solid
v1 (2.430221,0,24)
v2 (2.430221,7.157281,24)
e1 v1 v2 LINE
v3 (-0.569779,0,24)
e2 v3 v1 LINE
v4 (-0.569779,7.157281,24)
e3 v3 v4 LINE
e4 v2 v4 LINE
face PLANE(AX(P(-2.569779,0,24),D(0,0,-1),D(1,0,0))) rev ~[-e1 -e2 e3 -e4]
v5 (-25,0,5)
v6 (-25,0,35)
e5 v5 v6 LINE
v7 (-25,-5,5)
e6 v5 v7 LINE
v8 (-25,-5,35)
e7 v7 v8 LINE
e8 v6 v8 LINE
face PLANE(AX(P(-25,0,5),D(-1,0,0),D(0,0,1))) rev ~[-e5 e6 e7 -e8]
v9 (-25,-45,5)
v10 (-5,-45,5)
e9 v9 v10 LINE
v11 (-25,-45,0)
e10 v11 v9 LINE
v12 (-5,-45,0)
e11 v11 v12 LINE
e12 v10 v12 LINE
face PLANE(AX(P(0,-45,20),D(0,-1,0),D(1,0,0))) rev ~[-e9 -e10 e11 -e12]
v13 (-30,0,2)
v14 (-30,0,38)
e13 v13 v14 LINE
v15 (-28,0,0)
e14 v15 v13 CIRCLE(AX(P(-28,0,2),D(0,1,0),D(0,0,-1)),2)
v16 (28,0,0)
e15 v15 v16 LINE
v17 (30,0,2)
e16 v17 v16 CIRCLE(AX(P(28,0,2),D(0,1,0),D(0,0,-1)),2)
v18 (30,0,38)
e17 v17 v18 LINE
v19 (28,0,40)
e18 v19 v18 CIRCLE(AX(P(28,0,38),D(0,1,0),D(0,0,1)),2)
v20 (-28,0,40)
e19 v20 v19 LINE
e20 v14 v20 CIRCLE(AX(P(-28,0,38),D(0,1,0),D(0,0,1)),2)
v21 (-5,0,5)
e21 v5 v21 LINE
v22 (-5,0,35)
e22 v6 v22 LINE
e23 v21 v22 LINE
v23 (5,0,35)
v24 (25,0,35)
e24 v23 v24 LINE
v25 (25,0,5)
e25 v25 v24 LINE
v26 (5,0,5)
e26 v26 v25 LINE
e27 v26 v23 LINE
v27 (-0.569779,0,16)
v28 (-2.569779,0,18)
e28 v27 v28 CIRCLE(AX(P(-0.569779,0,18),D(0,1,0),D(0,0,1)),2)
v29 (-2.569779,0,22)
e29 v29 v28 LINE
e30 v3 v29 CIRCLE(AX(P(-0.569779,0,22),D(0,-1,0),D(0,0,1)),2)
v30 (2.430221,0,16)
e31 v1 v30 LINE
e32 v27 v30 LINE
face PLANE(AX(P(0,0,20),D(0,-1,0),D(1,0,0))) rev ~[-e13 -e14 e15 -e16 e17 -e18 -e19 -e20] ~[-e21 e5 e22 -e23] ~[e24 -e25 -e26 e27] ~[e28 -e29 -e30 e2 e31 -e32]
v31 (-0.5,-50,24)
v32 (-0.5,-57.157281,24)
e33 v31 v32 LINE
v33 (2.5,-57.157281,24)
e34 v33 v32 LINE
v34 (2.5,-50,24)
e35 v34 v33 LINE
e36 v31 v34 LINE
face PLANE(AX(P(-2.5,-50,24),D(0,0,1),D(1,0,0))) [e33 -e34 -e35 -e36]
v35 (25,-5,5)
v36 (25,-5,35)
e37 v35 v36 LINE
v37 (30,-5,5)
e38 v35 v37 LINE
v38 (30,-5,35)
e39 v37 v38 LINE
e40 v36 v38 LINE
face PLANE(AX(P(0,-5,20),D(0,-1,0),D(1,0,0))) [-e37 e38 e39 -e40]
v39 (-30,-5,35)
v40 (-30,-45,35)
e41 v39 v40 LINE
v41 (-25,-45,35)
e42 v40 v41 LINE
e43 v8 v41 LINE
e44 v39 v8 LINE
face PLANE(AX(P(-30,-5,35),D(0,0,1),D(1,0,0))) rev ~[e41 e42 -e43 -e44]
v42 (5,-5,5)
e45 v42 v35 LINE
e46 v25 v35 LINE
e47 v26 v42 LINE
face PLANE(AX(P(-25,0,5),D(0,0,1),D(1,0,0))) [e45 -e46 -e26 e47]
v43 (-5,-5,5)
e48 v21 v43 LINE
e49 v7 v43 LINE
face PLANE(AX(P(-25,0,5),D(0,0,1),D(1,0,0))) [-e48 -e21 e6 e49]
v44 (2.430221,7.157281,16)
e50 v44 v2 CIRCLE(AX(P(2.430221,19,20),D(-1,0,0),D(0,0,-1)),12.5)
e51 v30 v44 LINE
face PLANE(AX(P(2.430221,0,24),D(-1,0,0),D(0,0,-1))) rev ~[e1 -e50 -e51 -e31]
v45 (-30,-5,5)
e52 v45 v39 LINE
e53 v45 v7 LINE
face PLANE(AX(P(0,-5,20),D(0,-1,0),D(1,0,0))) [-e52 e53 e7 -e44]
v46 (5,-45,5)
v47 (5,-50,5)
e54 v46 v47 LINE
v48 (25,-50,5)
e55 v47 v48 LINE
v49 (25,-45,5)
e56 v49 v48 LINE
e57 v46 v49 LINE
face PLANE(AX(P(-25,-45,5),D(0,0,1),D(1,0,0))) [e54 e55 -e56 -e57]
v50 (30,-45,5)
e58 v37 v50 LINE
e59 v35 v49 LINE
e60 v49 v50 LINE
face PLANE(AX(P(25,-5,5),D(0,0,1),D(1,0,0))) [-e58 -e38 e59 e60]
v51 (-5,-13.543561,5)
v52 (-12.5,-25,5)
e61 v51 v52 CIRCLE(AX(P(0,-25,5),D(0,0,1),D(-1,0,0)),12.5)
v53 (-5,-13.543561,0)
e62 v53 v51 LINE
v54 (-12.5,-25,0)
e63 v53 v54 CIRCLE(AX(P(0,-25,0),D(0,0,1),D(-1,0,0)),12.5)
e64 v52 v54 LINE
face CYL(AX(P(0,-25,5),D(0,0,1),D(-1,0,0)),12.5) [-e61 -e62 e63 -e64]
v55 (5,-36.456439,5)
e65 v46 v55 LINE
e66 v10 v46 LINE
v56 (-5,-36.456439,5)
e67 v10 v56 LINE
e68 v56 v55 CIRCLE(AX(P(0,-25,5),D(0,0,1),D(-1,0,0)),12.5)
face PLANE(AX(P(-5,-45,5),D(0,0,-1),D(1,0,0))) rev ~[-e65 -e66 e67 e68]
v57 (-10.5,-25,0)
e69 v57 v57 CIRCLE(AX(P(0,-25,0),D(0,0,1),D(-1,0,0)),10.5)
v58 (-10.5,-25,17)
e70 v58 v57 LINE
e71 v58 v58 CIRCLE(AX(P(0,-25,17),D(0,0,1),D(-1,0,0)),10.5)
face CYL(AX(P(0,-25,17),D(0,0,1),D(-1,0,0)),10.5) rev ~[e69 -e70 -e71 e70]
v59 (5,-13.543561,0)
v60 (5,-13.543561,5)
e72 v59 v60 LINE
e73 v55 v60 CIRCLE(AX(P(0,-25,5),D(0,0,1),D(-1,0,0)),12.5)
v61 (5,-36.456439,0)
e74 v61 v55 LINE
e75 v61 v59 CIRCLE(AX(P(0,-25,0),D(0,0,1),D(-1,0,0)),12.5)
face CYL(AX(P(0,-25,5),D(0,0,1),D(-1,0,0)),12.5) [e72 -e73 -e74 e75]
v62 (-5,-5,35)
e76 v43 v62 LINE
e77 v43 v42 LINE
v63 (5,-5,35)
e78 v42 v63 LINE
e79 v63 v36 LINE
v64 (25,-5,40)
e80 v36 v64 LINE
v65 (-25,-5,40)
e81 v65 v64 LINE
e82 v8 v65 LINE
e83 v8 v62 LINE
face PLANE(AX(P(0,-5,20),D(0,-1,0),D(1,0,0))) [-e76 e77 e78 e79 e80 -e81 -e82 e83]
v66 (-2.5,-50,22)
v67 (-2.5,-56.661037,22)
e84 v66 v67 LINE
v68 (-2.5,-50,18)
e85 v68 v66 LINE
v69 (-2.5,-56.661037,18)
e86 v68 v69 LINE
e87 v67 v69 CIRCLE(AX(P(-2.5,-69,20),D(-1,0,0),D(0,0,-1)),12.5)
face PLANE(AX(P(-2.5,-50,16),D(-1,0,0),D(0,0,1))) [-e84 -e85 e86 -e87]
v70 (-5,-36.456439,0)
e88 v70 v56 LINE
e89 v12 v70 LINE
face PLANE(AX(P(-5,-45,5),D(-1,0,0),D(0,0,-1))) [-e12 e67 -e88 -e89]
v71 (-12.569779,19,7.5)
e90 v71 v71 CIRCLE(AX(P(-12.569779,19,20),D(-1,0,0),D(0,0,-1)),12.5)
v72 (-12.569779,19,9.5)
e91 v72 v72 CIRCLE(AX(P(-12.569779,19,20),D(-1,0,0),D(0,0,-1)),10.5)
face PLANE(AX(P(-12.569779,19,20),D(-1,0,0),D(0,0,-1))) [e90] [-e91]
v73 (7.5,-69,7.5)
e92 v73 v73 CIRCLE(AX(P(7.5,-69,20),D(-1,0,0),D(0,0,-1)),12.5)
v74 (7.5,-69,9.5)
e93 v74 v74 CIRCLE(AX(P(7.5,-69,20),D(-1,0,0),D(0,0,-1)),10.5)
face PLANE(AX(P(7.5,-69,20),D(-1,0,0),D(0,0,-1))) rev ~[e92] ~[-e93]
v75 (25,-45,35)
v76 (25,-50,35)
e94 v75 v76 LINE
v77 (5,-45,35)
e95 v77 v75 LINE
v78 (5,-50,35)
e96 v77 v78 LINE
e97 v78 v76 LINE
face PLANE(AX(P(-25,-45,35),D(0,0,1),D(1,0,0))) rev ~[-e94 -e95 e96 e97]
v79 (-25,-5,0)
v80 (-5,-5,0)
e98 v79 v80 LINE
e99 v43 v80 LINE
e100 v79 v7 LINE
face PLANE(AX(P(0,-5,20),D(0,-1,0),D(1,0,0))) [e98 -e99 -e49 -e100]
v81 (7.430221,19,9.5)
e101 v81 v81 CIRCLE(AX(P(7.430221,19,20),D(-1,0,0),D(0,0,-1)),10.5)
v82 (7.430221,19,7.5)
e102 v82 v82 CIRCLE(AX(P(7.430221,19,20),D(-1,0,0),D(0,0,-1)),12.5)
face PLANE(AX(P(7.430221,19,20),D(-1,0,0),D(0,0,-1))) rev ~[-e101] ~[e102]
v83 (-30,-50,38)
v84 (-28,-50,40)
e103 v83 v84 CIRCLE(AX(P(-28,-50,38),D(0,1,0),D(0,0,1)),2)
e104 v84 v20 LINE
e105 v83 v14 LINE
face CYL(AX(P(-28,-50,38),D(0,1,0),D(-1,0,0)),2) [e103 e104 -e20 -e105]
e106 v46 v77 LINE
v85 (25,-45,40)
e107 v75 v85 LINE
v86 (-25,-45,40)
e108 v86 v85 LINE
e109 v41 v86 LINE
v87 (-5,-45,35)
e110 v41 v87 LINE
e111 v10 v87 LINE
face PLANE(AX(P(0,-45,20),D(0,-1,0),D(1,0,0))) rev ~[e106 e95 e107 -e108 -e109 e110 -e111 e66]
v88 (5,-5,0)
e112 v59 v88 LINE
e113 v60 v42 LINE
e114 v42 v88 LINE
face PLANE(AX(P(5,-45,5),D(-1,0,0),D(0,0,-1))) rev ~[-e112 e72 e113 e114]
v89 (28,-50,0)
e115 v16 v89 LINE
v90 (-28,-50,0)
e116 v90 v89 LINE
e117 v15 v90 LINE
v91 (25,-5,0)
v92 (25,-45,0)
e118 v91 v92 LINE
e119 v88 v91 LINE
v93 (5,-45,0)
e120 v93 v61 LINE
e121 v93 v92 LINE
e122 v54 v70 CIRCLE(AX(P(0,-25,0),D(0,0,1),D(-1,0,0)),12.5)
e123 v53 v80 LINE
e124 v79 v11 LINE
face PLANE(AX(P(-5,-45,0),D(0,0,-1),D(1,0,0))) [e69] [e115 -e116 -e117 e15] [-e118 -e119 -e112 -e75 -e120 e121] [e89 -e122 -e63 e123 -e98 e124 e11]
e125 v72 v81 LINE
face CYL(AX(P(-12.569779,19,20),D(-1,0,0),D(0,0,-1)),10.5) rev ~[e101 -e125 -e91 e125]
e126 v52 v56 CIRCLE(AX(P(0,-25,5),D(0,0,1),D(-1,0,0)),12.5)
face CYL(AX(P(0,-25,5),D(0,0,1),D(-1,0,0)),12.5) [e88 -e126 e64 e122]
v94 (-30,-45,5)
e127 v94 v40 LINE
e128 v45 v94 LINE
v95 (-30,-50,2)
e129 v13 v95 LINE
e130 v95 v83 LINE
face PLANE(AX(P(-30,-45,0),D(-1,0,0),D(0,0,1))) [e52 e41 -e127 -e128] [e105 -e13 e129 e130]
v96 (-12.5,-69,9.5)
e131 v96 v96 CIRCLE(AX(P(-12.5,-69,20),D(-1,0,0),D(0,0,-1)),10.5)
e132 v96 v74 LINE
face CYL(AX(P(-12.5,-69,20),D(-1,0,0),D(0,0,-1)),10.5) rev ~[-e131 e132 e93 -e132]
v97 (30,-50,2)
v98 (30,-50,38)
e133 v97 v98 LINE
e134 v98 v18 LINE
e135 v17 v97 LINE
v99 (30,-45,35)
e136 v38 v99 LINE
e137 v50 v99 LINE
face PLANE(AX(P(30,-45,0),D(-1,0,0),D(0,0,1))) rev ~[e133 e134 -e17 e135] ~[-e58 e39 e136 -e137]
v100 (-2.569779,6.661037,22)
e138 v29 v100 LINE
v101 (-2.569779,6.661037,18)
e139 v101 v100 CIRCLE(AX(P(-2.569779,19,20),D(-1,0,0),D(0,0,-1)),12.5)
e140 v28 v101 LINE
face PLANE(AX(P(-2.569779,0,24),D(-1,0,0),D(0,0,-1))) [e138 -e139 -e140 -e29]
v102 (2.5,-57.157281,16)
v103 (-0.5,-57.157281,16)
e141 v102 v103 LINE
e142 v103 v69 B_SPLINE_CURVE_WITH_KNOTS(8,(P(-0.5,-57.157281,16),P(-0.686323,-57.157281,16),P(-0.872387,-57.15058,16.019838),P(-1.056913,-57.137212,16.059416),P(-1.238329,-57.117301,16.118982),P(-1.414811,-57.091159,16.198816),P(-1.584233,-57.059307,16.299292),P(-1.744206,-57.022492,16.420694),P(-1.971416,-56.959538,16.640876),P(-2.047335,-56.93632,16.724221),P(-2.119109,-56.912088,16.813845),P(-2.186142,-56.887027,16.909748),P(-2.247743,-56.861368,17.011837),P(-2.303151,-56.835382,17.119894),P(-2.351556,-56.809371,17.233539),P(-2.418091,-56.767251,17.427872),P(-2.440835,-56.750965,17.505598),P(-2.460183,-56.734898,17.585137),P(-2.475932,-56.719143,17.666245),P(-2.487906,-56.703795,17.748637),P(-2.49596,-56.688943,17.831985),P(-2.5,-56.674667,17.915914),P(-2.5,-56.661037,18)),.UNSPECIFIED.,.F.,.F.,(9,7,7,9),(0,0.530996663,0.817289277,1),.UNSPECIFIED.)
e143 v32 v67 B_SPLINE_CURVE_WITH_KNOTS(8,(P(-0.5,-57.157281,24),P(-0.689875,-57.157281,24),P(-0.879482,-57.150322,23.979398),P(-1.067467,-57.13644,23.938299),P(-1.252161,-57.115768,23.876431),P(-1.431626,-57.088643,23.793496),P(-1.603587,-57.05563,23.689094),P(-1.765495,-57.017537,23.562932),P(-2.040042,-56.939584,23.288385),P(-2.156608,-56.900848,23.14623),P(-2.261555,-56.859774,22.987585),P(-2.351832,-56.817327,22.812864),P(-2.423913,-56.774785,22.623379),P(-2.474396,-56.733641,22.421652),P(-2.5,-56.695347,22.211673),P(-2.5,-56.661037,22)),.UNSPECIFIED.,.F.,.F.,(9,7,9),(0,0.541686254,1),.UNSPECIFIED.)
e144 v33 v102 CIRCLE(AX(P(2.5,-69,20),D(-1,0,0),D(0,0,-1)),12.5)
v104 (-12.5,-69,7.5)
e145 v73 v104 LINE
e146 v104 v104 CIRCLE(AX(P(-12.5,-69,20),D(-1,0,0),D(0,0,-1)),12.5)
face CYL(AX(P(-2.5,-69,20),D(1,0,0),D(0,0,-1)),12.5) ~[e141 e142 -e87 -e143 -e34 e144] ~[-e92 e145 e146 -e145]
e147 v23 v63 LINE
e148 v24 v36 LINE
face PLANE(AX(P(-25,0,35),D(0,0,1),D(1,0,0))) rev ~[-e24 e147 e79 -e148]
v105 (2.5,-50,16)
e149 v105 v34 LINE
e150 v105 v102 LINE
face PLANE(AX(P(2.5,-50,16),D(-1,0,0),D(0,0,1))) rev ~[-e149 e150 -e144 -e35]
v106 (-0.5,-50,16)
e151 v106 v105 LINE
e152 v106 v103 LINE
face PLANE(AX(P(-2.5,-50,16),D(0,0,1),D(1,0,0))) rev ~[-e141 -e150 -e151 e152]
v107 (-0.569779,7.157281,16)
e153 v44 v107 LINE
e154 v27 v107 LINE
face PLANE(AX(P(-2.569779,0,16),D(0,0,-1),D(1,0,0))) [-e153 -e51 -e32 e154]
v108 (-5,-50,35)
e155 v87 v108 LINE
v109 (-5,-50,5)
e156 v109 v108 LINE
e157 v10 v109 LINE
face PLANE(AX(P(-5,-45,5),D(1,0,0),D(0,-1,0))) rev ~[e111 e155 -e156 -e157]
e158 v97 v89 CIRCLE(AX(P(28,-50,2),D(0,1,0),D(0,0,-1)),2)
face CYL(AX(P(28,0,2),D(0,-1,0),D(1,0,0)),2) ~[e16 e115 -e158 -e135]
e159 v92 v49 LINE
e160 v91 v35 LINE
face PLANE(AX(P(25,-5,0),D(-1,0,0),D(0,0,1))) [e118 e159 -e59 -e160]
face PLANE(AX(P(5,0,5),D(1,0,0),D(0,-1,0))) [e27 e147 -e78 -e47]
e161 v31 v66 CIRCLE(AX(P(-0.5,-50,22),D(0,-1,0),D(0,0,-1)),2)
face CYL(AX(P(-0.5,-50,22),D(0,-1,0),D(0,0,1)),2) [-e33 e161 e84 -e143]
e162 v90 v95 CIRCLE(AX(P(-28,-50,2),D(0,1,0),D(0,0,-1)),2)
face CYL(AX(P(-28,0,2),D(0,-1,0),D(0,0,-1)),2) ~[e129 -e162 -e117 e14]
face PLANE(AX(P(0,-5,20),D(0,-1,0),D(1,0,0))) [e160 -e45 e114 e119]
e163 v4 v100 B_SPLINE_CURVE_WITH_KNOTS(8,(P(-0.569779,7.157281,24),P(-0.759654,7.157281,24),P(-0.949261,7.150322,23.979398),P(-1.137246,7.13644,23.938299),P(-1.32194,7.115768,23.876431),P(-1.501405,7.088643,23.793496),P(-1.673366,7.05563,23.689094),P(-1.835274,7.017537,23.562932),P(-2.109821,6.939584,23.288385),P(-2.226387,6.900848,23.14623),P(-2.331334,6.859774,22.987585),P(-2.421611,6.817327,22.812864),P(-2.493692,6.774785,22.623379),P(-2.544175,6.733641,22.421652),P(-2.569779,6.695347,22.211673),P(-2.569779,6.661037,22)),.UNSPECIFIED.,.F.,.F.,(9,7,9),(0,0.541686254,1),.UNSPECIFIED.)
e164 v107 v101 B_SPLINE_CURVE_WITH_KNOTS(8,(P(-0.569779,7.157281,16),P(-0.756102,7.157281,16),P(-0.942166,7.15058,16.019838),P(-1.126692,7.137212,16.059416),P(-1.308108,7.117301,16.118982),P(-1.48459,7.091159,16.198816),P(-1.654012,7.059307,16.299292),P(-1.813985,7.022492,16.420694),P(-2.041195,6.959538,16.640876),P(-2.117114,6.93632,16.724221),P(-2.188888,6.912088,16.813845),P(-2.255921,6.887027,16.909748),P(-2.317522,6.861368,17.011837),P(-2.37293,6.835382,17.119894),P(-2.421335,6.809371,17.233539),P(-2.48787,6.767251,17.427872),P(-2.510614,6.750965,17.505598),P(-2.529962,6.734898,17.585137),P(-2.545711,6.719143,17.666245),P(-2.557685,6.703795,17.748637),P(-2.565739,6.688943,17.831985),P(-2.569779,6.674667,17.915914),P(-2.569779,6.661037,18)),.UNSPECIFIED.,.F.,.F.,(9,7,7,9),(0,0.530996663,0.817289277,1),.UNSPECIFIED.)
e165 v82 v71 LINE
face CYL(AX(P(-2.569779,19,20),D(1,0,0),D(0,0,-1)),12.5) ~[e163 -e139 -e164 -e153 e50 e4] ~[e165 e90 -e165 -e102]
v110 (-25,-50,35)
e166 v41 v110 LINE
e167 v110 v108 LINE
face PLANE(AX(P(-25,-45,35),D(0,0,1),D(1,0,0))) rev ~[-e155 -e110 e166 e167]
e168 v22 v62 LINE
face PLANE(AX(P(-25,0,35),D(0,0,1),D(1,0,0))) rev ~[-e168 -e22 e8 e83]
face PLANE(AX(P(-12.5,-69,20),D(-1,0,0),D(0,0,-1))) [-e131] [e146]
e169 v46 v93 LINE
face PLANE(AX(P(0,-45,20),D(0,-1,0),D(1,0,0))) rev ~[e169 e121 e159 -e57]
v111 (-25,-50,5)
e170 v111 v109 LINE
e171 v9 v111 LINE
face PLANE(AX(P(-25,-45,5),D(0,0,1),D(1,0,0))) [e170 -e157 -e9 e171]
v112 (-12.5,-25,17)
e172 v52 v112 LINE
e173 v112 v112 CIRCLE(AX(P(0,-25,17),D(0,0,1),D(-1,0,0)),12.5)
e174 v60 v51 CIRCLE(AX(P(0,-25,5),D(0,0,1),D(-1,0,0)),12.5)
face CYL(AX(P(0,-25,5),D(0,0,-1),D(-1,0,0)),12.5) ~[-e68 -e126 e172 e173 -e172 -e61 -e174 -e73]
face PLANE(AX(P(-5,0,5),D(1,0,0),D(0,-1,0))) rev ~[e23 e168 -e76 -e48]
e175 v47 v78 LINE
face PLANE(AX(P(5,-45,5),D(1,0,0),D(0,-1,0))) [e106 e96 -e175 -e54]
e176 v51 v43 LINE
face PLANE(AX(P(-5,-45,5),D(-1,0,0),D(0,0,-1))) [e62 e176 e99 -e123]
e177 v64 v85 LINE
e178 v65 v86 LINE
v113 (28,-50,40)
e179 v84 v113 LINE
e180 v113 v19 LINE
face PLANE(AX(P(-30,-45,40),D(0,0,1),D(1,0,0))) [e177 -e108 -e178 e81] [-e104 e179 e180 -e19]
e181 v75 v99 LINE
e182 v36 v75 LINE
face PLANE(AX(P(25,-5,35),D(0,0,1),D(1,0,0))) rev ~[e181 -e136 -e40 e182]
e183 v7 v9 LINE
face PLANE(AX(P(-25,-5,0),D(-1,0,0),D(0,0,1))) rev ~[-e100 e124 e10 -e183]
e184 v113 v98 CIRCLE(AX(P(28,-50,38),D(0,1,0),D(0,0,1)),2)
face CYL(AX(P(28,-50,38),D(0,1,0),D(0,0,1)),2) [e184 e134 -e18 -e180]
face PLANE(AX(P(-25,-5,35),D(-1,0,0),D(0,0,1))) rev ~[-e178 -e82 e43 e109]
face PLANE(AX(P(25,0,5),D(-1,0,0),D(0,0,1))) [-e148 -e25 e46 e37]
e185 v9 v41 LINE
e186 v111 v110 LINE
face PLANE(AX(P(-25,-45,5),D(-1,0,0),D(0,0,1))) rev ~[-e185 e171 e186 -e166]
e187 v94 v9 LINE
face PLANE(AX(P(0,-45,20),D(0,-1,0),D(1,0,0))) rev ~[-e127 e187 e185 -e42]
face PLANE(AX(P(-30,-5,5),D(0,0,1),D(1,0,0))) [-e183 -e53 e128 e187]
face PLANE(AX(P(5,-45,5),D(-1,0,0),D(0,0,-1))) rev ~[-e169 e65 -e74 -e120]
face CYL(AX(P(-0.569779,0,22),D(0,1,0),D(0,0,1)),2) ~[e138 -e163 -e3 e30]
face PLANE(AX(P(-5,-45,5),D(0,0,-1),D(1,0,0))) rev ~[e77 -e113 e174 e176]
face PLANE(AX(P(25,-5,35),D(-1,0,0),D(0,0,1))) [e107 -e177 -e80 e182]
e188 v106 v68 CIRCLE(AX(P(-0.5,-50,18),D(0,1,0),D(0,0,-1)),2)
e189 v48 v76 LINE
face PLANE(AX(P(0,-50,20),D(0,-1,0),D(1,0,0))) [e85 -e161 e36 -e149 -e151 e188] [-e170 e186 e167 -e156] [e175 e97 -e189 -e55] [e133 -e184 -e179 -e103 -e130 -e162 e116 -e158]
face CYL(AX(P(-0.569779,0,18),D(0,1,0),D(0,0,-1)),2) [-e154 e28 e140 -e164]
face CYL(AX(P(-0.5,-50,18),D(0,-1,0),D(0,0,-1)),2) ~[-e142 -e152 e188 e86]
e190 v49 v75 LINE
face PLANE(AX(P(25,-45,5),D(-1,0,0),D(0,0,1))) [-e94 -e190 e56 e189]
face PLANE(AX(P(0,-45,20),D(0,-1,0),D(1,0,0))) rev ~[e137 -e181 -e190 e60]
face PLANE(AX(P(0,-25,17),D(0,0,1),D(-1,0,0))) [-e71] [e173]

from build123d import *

# Parameters (mm, degrees)
SKETCH_W          = 60
SKETCH_H          = 40
SKETCH_W_2        = 50
SKETCH_H_2        = 30
PAD_DEPTH         = 5
SKETCH001_W       = 5
SKETCH001_H       = 5
PAD001_DEPTH      = 40
SKETCH002_W       = 60
SKETCH002_H       = 40
SKETCH002_W_2     = 50
SKETCH002_H_2     = 30
PAD002_DEPTH      = 5
SKETCH003_W       = 10
SKETCH003_H       = 5
PAD003_DEPTH      = 30
SKETCH004_W       = 5
SKETCH004_H       = 8
PAD004_DEPTH      = 10
SKETCH005_R       = 12.5
PAD005_DEPTH      = 10
PAD005_DEPTH_BACK = 10
SKETCH006_R       = 10.5
POCKET_DEPTH      = 42.501
SKETCH007_W       = 5
SKETCH007_H       = 8
PAD006_DEPTH      = 10
SKETCH008_R       = 12.5
PAD007_DEPTH      = 10
PAD007_DEPTH_BACK = 10
SKETCH009_R       = 10.5
POCKET001_DEPTH   = 42.570779
SKETCH010_W       = 10
SKETCH010_H       = 5
PAD008_DEPTH      = 40
SKETCH011_R       = 12.5
PAD009_DEPTH      = 12
PAD009_DEPTH_BACK = 5
SKETCH012_R       = 10.5
POCKET002_DEPTH   = 17.001
FILLET_R          = 2
FILLET001_R       = 2
FILLET002_R       = 2
FILLET003_R       = 2
FILLET004_R       = 2
FILLET005_R       = 2
FILLET006_R       = 2
FILLET007_R       = 2


with BuildPart() as part:
    # Sketch → Pad (new body)
    with BuildSketch(Plane.XZ):
        with Locations((0, 20)):
            Rectangle(SKETCH_W, SKETCH_H)
        with Locations((0, 20)):
            Rectangle(SKETCH_W_2, SKETCH_H_2, mode=Mode.SUBTRACT)
    extrude(amount=PAD_DEPTH)

    # Sketch001 (on Face10 of Pad) → Pad001 (join)
    with BuildSketch(Plane.XZ.offset(5)):
        with Locations((-27.5, 37.5)):
            Rectangle(SKETCH001_W, SKETCH001_H)
        with Locations((27.5, 37.5)):
            Rectangle(SKETCH001_W, SKETCH001_H)
        with Locations((27.5, 2.5)):
            Rectangle(SKETCH001_W, SKETCH001_H)
        with Locations((-27.5, 2.5)):
            Rectangle(SKETCH001_W, SKETCH001_H)
    extrude(amount=PAD001_DEPTH)

    # Sketch002 (on Face10 of Pad001) → Pad002 (join)
    with BuildSketch(Plane.XZ.offset(45)):
        with Locations((0, 20)):
            Rectangle(SKETCH002_W, SKETCH002_H)
        with Locations((0, 20)):
            Rectangle(SKETCH002_W_2, SKETCH002_H_2, mode=Mode.SUBTRACT)
    extrude(amount=PAD002_DEPTH)

    # Sketch003 (on Face26 of Pad002) → Pad003 (join)
    with BuildSketch(Plane(origin=(0, 0, 5), x_dir=(-1, 0, 0), z_dir=(0, 0, 1))):
        with Locations((0, 47.5)):
            Rectangle(SKETCH003_W, SKETCH003_H)
        with Locations((0, 2.5)):
            Rectangle(SKETCH003_W, SKETCH003_H)
    extrude(amount=PAD003_DEPTH)

    # Sketch004 (on Face36 of Pad003) → Pad004 (join)
    with BuildSketch(Plane.XZ.offset(50)):
        with Locations((0, 20)):
            Rectangle(SKETCH004_W, SKETCH004_H)
    extrude(amount=PAD004_DEPTH)

    # Sketch005 (on Face19 of Pad004) → Pad005 (join, two sides)
    with BuildSketch(Plane(origin=(-2.5, 0, 0), x_dir=(0, 0, -1), z_dir=(-1, 0, 0))) as pad005_sk:
        with Locations((-20, 69)):
            Circle(SKETCH005_R)
    extrude(amount=PAD005_DEPTH)
    extrude(pad005_sk.sketch, amount=-PAD005_DEPTH_BACK)

    # Sketch006 (on Face43 of Pad005) → Pocket (cut, through all)
    with BuildSketch(Plane(origin=(-12.5, 0, 0), x_dir=(0, 0, -1), z_dir=(-1, 0, 0))):
        with Locations((-20, 69)):
            Circle(SKETCH006_R)
        with Locations((-20, 69)):
            Circle(SKETCH006_R)
    extrude(amount=-POCKET_DEPTH, mode=Mode.SUBTRACT)

    # Sketch007 (on Face26 of Pocket) → Pad006 (join)
    with BuildSketch(Plane(origin=(0, 0, 0), x_dir=(1, 0, 0), z_dir=(0, 1, 0))):
        with Locations((-0.069779, -20)):
            Rectangle(SKETCH007_W, SKETCH007_H)
    extrude(amount=PAD006_DEPTH)

    # Sketch008 (on Face42 of Pad006) → Pad007 (join, two sides)
    with BuildSketch(Plane(origin=(-2.569779, 0, 0), x_dir=(0, 0, -1), z_dir=(-1, 0, 0))) as pad007_sk:
        with Locations((-20, -19)):
            Circle(SKETCH008_R)
    extrude(amount=PAD007_DEPTH)
    extrude(pad007_sk.sketch, amount=-PAD007_DEPTH_BACK)

    # Sketch009 (on Face51 of Pad007) → Pocket001 (cut, through all)
    with BuildSketch(Plane(origin=(-12.569779, 0, 0), x_dir=(0, 0, -1), z_dir=(-1, 0, 0))):
        with Locations((-20, -19)):
            Circle(SKETCH009_R)
    extrude(amount=-POCKET001_DEPTH, mode=Mode.SUBTRACT)

    # Sketch010 (on Face2 of Pocket001) → Pad008 (join)
    with BuildSketch(Plane(origin=(0, -45, 0), x_dir=(1, 0, 0), z_dir=(0, 1, 0))):
        with Locations((0, -2.5)):
            Rectangle(SKETCH010_W, SKETCH010_H)
    extrude(amount=PAD008_DEPTH)

    # Sketch011 (on Face22 of Pad008) → Pad009 (join, two sides)
    with BuildSketch(Plane(origin=(0, 0, 5), x_dir=(-1, 0, 0), z_dir=(0, 0, 1))) as pad009_sk:
        with Locations((0, 25)):
            Circle(SKETCH011_R)
    extrude(amount=PAD009_DEPTH)
    extrude(pad009_sk.sketch, amount=-PAD009_DEPTH_BACK)

    # Sketch012 (on Face44 of Pad009) → Pocket002 (cut, through all)
    with BuildSketch(Plane(origin=(0, 0, 17), x_dir=(-1, 0, 0), z_dir=(0, 0, 1))):
        with Locations((0, 25)):
            Circle(SKETCH012_R)
    extrude(amount=-POCKET002_DEPTH, mode=Mode.SUBTRACT)

    # Fillet
    fillet_edges = [part.edges().sort_by_distance(p)[0] for p in [
        (-30, -25, 40),
    ]]
    fillet(fillet_edges, radius=FILLET_R)

    # Fillet001
    fillet001_edges = [part.edges().sort_by_distance(p)[0] for p in [
        (-30, -25, 0),
    ]]
    fillet(fillet001_edges, radius=FILLET001_R)

    # Fillet002
    fillet002_edges = [part.edges().sort_by_distance(p)[0] for p in [
        (30, -25, 40),
    ]]
    fillet(fillet002_edges, radius=FILLET002_R)

    # Fillet003
    fillet003_edges = [part.edges().sort_by_distance(p)[0] for p in [
        (30, -25, 0),
    ]]
    fillet(fillet003_edges, radius=FILLET003_R)

    # Fillet004
    fillet004_edges = [part.edges().sort_by_distance(p)[0] for p in [
        (-2.5, -53.57864, 24),
    ]]
    fillet(fillet004_edges, radius=FILLET004_R)

    # Fillet005
    fillet005_edges = [part.edges().sort_by_distance(p)[0] for p in [
        (-2.5, -53.57864, 16),
    ]]
    fillet(fillet005_edges, radius=FILLET005_R)

    # Fillet006
    fillet006_edges = [part.edges().sort_by_distance(p)[0] for p in [
        (-2.569779, 3.57864, 24),
    ]]
    fillet(fillet006_edges, radius=FILLET006_R)

    # Fillet007
    fillet007_edges = [part.edges().sort_by_distance(p)[0] for p in [
        (-2.569779, 3.57864, 16),
    ]]
    fillet(fillet007_edges, radius=FILLET007_R)


solid = part.part
